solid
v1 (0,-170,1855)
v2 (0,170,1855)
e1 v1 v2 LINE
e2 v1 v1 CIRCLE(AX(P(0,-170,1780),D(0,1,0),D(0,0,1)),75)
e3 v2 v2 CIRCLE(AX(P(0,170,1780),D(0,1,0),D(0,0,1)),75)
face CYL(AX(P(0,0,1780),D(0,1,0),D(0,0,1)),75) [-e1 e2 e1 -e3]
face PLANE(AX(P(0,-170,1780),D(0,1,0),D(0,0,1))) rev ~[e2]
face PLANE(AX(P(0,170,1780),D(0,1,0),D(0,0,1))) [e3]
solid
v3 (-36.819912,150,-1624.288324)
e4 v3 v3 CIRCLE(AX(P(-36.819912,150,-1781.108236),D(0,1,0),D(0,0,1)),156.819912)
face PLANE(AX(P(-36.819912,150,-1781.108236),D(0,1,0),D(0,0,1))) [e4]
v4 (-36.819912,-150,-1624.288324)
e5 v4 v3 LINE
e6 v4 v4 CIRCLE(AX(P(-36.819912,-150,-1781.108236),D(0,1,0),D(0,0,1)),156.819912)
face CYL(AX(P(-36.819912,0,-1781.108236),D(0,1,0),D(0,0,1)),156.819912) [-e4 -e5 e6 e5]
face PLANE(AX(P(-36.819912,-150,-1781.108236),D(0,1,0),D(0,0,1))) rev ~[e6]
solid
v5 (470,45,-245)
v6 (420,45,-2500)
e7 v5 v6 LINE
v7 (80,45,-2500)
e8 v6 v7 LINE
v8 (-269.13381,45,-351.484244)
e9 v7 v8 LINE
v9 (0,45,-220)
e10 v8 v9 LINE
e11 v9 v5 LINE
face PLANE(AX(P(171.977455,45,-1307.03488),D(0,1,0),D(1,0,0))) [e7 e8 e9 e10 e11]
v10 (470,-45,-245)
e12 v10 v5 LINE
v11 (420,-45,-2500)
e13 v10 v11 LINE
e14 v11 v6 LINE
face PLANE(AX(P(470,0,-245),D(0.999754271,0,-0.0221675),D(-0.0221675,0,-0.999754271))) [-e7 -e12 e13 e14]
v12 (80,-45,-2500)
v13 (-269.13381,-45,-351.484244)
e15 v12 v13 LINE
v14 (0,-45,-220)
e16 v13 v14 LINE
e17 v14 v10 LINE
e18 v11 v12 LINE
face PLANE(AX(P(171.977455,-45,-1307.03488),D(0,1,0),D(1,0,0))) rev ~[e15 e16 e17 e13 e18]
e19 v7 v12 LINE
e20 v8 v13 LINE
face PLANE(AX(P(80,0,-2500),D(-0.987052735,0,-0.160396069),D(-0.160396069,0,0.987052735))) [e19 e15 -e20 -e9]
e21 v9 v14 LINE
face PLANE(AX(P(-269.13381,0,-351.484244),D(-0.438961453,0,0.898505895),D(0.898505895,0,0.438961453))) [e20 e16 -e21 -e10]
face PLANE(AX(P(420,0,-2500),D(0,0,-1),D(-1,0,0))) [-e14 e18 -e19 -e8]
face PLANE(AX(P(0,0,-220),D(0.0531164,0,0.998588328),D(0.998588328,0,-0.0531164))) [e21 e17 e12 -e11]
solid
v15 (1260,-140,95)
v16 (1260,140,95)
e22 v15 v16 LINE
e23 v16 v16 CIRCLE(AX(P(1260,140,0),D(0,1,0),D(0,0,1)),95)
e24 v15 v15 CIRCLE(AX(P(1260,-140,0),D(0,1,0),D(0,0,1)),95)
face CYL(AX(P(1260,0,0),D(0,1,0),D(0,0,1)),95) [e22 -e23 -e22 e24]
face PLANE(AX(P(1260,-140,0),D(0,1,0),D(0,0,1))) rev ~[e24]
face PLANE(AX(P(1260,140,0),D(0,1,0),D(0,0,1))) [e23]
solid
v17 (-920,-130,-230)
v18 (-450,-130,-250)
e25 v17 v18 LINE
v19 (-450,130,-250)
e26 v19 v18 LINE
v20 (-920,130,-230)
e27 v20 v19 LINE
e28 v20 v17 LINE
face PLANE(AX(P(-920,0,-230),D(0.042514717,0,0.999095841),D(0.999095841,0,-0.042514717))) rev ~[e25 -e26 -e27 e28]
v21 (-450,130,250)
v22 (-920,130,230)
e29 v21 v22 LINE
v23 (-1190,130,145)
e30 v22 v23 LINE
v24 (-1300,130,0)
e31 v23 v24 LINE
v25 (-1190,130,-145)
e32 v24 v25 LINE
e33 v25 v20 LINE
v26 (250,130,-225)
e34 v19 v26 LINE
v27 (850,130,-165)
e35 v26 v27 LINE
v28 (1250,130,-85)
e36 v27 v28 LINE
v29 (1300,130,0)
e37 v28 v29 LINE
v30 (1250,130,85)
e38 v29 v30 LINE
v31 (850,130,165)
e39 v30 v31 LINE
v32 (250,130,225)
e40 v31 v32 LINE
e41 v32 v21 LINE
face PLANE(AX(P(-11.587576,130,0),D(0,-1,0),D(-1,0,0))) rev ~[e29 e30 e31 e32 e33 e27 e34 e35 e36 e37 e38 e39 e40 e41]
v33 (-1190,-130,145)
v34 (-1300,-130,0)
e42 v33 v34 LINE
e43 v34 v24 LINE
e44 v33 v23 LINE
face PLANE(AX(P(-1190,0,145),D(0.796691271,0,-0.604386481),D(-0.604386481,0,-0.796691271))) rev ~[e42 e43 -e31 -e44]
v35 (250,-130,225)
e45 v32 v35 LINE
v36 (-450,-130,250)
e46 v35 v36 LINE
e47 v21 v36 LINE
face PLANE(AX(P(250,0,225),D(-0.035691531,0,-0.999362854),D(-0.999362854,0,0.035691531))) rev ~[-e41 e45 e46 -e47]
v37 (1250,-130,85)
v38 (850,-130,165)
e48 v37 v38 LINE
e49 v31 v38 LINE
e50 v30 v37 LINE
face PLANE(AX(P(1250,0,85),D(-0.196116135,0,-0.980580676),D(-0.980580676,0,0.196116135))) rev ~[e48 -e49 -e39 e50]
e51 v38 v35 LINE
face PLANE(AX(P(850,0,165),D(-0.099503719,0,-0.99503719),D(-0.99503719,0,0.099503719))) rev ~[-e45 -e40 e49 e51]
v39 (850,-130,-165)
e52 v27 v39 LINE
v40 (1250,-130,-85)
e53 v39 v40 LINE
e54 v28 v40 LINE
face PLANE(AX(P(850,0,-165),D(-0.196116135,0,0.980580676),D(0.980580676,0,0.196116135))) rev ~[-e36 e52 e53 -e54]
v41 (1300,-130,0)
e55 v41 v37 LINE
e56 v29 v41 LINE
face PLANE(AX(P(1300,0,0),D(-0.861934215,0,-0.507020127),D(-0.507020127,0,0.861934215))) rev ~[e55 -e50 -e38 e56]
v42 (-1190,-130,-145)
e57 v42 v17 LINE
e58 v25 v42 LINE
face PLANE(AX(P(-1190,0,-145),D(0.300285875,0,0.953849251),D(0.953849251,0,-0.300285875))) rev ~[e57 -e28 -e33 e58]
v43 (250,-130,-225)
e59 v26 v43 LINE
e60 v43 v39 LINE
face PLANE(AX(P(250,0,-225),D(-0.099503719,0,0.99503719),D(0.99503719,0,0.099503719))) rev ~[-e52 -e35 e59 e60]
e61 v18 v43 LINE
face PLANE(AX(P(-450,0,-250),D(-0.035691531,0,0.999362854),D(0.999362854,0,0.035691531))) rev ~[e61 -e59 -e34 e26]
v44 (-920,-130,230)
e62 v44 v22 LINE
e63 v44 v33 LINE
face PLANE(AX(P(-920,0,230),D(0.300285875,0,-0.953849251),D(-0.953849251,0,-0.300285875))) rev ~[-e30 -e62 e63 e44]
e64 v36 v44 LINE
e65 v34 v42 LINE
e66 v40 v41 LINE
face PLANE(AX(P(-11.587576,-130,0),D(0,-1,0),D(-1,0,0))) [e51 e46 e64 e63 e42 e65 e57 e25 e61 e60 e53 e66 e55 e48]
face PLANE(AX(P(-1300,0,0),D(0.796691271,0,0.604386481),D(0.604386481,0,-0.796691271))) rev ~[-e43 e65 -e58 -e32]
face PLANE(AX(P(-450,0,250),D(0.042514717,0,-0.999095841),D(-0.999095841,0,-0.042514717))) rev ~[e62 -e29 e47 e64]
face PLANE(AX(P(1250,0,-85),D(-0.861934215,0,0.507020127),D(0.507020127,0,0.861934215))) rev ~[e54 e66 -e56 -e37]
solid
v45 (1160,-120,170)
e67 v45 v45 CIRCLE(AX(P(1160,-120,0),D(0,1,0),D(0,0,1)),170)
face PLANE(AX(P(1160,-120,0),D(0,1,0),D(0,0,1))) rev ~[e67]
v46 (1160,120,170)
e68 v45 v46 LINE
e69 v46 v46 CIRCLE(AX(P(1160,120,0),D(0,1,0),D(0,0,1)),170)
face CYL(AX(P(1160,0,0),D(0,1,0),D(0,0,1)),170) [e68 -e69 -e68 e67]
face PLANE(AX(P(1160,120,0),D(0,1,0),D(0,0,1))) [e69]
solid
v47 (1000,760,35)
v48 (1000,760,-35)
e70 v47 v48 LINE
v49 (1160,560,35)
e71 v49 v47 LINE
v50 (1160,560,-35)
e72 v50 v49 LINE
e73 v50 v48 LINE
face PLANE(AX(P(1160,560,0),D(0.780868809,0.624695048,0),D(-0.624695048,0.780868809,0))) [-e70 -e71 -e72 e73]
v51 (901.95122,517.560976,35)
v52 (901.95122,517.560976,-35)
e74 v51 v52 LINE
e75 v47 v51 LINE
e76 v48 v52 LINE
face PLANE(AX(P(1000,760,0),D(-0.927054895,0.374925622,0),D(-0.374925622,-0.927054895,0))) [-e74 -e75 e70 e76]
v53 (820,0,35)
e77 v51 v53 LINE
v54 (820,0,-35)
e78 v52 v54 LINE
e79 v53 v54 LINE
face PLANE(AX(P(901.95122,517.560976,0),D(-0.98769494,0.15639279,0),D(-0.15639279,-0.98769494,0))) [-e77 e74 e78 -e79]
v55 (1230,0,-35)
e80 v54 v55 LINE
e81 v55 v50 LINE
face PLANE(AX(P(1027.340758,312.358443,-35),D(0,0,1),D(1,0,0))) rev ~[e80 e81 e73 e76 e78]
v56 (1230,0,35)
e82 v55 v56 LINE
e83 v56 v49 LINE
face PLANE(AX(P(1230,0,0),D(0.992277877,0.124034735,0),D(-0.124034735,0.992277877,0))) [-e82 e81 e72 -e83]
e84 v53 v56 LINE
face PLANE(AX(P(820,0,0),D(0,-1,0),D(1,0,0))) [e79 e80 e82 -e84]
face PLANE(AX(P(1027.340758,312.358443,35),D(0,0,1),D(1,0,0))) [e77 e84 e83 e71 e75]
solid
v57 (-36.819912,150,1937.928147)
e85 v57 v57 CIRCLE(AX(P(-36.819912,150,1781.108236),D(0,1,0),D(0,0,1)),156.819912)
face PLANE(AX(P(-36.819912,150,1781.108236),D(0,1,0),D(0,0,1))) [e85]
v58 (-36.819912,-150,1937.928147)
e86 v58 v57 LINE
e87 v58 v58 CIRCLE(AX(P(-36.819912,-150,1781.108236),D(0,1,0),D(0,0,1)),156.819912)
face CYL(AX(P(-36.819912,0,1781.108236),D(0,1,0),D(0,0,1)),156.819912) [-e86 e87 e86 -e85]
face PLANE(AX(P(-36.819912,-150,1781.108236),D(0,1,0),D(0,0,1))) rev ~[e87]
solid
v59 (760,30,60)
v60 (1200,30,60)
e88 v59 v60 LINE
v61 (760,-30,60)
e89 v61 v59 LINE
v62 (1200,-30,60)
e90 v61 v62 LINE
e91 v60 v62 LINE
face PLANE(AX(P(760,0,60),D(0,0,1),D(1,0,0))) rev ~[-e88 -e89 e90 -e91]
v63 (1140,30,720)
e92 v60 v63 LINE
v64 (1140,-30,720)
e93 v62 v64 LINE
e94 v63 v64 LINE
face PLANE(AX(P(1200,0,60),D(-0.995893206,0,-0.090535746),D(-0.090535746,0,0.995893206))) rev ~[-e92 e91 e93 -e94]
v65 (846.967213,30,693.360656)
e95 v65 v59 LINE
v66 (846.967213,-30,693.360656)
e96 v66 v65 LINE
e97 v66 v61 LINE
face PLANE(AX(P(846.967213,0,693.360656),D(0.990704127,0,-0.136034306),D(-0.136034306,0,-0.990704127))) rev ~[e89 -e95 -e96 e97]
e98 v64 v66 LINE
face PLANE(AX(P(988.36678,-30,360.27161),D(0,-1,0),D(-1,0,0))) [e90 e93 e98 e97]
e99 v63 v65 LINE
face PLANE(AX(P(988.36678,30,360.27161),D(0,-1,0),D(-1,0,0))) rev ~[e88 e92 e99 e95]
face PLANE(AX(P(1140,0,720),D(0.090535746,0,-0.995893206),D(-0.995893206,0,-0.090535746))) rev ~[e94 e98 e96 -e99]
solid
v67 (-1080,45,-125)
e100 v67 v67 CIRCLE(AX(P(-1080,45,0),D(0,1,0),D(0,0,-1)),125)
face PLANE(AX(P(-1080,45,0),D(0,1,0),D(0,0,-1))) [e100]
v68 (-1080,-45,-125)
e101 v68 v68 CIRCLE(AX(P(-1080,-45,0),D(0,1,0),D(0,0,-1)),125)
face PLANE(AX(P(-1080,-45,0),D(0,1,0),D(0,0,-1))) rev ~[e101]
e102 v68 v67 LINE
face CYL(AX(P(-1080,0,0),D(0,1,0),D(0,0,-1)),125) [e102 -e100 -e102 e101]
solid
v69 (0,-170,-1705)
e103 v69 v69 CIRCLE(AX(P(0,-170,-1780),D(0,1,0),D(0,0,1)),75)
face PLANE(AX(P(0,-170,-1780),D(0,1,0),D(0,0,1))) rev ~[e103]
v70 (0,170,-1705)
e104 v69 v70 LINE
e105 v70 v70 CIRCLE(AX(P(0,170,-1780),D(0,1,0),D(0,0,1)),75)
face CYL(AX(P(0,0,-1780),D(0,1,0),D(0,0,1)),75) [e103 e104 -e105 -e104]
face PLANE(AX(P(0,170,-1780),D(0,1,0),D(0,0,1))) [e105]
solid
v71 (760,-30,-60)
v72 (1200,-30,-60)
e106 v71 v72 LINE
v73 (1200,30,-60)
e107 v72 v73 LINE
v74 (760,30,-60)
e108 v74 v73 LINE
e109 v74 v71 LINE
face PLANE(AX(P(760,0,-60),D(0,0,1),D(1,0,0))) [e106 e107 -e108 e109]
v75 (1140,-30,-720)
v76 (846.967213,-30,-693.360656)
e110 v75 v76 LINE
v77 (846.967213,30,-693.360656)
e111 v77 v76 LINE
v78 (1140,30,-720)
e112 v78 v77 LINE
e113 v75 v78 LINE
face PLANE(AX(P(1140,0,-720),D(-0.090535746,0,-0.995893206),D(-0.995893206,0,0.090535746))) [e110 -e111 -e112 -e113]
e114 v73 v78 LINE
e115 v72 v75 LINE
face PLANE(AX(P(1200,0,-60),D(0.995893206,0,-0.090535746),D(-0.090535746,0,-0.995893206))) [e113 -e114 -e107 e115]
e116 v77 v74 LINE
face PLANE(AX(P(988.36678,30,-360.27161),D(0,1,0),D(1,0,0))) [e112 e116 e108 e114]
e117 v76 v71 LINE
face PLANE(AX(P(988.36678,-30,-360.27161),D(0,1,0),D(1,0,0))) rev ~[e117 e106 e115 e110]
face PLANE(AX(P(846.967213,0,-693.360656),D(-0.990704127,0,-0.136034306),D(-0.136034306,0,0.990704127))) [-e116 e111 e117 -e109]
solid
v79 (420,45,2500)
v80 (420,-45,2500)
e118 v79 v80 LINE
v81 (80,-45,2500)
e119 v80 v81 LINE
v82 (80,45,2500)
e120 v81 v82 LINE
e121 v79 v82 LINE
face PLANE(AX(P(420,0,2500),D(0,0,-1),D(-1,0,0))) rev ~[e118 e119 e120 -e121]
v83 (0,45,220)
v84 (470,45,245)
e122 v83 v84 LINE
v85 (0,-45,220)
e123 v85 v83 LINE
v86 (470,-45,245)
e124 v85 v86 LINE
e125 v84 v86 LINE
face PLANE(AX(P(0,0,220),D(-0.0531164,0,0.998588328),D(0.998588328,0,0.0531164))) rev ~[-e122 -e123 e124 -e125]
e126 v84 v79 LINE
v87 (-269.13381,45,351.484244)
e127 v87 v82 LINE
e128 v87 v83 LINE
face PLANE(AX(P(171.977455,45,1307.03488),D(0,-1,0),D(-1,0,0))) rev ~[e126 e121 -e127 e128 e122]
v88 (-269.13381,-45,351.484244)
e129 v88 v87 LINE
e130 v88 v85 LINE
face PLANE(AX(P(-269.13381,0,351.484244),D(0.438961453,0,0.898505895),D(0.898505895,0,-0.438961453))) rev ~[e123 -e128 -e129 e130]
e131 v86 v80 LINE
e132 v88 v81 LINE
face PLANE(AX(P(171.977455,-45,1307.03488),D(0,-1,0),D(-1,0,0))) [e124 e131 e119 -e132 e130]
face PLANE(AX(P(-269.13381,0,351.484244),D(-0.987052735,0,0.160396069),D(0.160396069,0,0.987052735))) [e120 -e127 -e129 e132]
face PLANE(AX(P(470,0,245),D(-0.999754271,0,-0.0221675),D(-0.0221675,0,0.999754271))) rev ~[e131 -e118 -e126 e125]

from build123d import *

# Parameters (mm, degrees)
BOSS_EXTRUDE1_DEPTH  = 130
BOSS_EXTRUDE2_DEPTH  = 45
BOSS_EXTRUDE3_DEPTH  = 45
BOSS_EXTRUDE4_DEPTH  = 30
BOSS_EXTRUDE5_DEPTH  = 30
BOSS_EXTRUDE6_DEPTH  = 35
SKETCH7_R            = 156.819911707
BOSS_EXTRUDE7_DEPTH  = 150
SKETCH8_R            = 156.819911707
BOSS_EXTRUDE8_DEPTH  = 150
SKETCH9_R            = 170
BOSS_EXTRUDE9_DEPTH  = 120
SKETCH10_R           = 75
BOSS_EXTRUDE10_DEPTH = 170
SKETCH11_R           = 75
BOSS_EXTRUDE11_DEPTH = 170
SKETCH12_R           = 95
BOSS_EXTRUDE12_DEPTH = 140
SKETCH13_R           = 125
BOSS_EXTRUDE13_DEPTH = 45


with BuildPart() as part:
    # Sketch1 → Boss-Extrude1 (new, symmetric)
    with BuildSketch(Plane(origin=(0, 0, 0), x_dir=(1, 0, 0), z_dir=(0, 1, 0))):
        Polygon((-1300, 0), (-1190, 145), (-920, 230), (-450, 250), (250, 225), (850, 165), (1250, 85), (1300, 0), (1250, -85), (850, -165), (250, -225), (-450, -250), (-920, -230), (-1190, -145), align=None)
    extrude(amount=BOSS_EXTRUDE1_DEPTH, both=True)


with BuildPart() as body_2:
    # Sketch2 → Boss-Extrude2 (new, symmetric)
    with BuildSketch(Plane(origin=(0, 0, 0), x_dir=(1, 0, 0), z_dir=(0, 1, 0))):
        Polygon((0, 220), (470, 245), (420, 2500), (80, 2500), (-180, 900), (-269.133810321, 351.484244177), align=None)
    extrude(amount=BOSS_EXTRUDE2_DEPTH, both=True)


with BuildPart() as body_3:
    # Sketch3 → Boss-Extrude3 (new, symmetric)
    with BuildSketch(Plane(origin=(0, 0, 0), x_dir=(1, 0, 0), z_dir=(0, 1, 0))):
        Polygon((0, -220), (470, -245), (420, -2500), (80, -2500), (-180, -900), (-269.133810321, -351.484244177), align=None)
    extrude(amount=BOSS_EXTRUDE3_DEPTH, both=True)


with BuildPart() as body_4:
    # Sketch4 → Boss-Extrude4 (new, symmetric)
    with BuildSketch(Plane(origin=(0, 0, 0), x_dir=(1, 0, 0), z_dir=(0, 1, 0))):
        Polygon((760, 60), (1200, 60), (1140, 720), (846.967213115, 693.360655738), align=None)
    extrude(amount=BOSS_EXTRUDE4_DEPTH, both=True)


with BuildPart() as body_5:
    # Sketch5 → Boss-Extrude5 (new, symmetric)
    with BuildSketch(Plane(origin=(0, 0, 0), x_dir=(1, 0, 0), z_dir=(0, 1, 0))):
        Polygon((760, -60), (1200, -60), (1140, -720), (846.967213115, -693.360655738), align=None)
    extrude(amount=BOSS_EXTRUDE5_DEPTH, both=True)


with BuildPart() as body_6:
    # Sketch6 → Boss-Extrude6 (new, symmetric)
    with BuildSketch(Plane.XY):
        Polygon((820, 0), (1230, 0), (1160, 560), (1000, 760), (901.951219512, 517.56097561), align=None)
    extrude(amount=BOSS_EXTRUDE6_DEPTH, both=True)


with BuildPart() as body_7:
    # Sketch7 → Boss-Extrude7 (new, symmetric)
    with BuildSketch(Plane(origin=(0, 0, 0), x_dir=(1, 0, 0), z_dir=(0, 1, 0))):
        with Locations(Location((-36.819911707, 1781.108235652, 0), (0, 0, 270))):
            Circle(SKETCH7_R)
    extrude(amount=BOSS_EXTRUDE7_DEPTH, both=True)


with BuildPart() as body_8:
    # Sketch8 → Boss-Extrude8 (new, symmetric)
    with BuildSketch(Plane(origin=(0, 0, 0), x_dir=(1, 0, 0), z_dir=(0, 1, 0))):
        with Locations(Location((-36.819911707, -1781.108235652, 0), (0, 0, 270))):
            Circle(SKETCH8_R)
    extrude(amount=BOSS_EXTRUDE8_DEPTH, both=True)


with BuildPart() as body_9:
    # Sketch9 → Boss-Extrude9 (new, symmetric)
    with BuildSketch(Plane(origin=(0, 0, 0), x_dir=(1, 0, 0), z_dir=(0, 1, 0))):
        with Locations(Location((1160, 0, 0), (0, 0, 270))):
            Circle(SKETCH9_R)
    extrude(amount=BOSS_EXTRUDE9_DEPTH, both=True)


with BuildPart() as body_10:
    # Sketch10 → Boss-Extrude10 (new, symmetric)
    with BuildSketch(Plane(origin=(0, 0, 0), x_dir=(1, 0, 0), z_dir=(0, 1, 0))):
        with Locations(Location((0, 1780, 0), (0, 0, 270))):
            Circle(SKETCH10_R)
    extrude(amount=BOSS_EXTRUDE10_DEPTH, both=True)


with BuildPart() as body_11:
    # Sketch11 → Boss-Extrude11 (new, symmetric)
    with BuildSketch(Plane(origin=(0, 0, 0), x_dir=(1, 0, 0), z_dir=(0, 1, 0))):
        with Locations(Location((0, -1780, 0), (0, 0, 270))):
            Circle(SKETCH11_R)
    extrude(amount=BOSS_EXTRUDE11_DEPTH, both=True)


with BuildPart() as body_12:
    # Sketch12 → Boss-Extrude12 (new, symmetric)
    with BuildSketch(Plane(origin=(0, 0, 0), x_dir=(1, 0, 0), z_dir=(0, 1, 0))):
        with Locations(Location((1260, 0, 0), (0, 0, 270))):
            Circle(SKETCH12_R)
    extrude(amount=BOSS_EXTRUDE12_DEPTH, both=True)


with BuildPart() as body_13:
    # Sketch13 → Boss-Extrude13 (new, symmetric)
    with BuildSketch(Plane(origin=(0, 0, 0), x_dir=(1, 0, 0), z_dir=(0, 1, 0))):
        with Locations(Location((-1080, 0, 0), (0, 0, 90))):
            Circle(SKETCH13_R)
    extrude(amount=BOSS_EXTRUDE13_DEPTH, both=True)


solid = Compound([part.part, body_2.part, body_3.part, body_4.part, body_5.part, body_6.part, body_7.part, body_8.part, body_9.part, body_10.part, body_11.part, body_12.part, body_13.part])
